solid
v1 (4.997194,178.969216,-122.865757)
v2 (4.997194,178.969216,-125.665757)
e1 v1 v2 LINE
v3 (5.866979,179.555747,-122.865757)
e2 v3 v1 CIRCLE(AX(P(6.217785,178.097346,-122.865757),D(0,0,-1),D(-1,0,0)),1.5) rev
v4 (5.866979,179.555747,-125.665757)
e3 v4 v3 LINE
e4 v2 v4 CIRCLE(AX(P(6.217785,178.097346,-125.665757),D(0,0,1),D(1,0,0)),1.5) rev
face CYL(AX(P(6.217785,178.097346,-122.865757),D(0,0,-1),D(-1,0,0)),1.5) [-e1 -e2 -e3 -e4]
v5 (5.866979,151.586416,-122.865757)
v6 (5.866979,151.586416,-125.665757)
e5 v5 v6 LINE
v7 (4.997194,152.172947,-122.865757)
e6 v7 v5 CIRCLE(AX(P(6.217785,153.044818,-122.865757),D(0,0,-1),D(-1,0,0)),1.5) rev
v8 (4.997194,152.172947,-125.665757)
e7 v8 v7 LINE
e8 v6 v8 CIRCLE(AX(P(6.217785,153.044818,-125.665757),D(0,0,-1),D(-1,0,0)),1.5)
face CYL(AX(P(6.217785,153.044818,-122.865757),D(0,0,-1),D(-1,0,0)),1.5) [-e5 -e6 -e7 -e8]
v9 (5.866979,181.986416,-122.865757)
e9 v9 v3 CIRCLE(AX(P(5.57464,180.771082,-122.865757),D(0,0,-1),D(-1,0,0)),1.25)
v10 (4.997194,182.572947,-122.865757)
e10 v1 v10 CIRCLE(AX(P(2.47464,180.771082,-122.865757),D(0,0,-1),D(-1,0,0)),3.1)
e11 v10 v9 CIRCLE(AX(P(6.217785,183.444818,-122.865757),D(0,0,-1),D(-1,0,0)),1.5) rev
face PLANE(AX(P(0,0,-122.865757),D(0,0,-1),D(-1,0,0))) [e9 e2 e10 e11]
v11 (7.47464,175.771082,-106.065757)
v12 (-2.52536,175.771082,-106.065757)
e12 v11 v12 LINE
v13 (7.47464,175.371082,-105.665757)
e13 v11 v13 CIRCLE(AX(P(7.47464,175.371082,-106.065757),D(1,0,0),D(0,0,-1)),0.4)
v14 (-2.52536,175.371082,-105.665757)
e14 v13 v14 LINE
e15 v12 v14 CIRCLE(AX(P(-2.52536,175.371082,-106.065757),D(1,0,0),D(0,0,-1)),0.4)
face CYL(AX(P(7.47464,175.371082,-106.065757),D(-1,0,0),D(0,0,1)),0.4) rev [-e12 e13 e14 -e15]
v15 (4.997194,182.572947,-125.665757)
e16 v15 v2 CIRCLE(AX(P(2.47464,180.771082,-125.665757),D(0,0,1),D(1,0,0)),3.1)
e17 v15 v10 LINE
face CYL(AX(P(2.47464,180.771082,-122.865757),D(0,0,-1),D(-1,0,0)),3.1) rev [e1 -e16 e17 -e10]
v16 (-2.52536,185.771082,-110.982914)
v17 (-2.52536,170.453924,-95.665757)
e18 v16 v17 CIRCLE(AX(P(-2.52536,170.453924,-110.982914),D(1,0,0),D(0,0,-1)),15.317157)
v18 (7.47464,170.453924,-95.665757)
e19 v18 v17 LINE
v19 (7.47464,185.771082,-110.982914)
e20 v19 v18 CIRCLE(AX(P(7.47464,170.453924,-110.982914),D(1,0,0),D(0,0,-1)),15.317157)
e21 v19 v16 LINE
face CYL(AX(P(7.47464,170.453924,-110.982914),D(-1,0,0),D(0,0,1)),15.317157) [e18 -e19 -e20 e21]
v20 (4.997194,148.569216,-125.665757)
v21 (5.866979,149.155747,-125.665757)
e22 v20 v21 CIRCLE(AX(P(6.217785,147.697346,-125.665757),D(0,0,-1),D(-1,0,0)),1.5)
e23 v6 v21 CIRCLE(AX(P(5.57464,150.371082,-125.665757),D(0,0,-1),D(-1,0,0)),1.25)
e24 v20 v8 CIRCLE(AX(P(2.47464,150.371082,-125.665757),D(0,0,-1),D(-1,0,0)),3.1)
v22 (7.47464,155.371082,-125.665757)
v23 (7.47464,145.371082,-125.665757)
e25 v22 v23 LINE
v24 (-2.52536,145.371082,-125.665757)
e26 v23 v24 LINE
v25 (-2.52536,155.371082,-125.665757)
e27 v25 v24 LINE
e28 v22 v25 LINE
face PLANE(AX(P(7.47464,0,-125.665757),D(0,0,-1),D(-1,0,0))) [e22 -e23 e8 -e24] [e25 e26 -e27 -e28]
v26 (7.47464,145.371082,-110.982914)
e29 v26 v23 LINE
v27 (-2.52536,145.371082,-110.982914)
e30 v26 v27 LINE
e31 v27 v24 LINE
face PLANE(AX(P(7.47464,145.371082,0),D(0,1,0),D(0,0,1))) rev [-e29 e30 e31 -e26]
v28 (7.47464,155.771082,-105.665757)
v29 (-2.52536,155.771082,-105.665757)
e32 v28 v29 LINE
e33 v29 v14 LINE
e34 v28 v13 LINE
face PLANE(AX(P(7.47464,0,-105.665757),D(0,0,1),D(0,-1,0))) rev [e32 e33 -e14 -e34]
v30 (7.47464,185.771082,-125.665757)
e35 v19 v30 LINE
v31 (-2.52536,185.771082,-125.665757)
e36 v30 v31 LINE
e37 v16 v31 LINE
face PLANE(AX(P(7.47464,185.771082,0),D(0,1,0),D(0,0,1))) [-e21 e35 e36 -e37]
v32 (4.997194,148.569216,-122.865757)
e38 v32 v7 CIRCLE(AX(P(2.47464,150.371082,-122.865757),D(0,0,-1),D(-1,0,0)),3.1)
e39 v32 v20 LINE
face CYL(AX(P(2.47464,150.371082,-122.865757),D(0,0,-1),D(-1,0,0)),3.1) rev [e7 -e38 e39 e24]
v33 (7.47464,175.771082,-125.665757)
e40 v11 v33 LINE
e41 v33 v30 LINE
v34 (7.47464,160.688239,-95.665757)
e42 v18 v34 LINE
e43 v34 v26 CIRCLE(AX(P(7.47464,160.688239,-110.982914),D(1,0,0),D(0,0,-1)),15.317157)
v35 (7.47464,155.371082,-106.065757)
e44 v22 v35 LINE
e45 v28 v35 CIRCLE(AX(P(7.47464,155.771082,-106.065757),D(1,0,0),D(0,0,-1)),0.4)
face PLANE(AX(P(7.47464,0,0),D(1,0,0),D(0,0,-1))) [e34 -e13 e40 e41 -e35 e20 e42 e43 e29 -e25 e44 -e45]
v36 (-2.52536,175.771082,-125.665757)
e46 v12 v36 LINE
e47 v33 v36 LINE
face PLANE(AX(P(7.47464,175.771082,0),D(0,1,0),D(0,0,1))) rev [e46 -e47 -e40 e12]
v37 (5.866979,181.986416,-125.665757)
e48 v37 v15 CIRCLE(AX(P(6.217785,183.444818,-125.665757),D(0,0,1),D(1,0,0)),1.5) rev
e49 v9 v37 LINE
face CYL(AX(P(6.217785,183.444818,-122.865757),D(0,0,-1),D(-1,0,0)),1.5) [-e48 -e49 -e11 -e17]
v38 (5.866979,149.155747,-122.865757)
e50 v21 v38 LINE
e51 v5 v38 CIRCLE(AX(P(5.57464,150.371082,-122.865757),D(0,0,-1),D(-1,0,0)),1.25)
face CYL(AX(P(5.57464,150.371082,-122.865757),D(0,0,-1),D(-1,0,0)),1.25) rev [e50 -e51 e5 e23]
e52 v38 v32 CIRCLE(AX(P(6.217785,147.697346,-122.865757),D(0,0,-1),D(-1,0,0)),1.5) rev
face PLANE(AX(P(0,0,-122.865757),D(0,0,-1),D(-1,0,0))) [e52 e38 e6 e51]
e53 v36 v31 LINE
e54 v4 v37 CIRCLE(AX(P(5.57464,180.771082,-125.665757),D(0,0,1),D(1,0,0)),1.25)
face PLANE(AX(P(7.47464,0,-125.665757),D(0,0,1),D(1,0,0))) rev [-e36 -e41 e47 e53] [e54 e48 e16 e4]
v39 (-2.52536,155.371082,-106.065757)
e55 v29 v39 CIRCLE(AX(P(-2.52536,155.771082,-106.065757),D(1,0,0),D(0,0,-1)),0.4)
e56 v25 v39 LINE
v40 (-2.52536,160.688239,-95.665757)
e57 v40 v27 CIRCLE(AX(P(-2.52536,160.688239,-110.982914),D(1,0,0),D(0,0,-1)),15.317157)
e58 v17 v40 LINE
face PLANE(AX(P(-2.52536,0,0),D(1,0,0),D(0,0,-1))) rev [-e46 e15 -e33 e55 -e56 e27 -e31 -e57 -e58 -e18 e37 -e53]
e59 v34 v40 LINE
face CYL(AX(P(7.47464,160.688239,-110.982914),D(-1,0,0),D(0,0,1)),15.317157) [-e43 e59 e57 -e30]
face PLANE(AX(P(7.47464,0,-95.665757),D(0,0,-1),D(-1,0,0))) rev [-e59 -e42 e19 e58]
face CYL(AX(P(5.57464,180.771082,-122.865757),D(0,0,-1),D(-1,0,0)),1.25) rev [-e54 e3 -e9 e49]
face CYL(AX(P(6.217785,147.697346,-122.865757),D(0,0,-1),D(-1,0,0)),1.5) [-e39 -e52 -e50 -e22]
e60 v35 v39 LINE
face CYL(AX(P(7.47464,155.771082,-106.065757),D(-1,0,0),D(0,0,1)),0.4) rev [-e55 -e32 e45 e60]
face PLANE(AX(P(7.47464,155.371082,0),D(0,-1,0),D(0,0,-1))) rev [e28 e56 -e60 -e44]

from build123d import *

# Parameters (mm, degrees)
SALIENTE_EXTRUIR1_DEPTH = 10
CORTAR_EXTRUIR1_DEPTH   = 4
REDONDEO2_R             = 1.5


with BuildPart() as part:
    # Croquis2 → Saliente-Extruir1 (new body)
    with BuildSketch(Plane(origin=(-2.525360123, 2.123276243, -2.466894012), x_dir=(0, 0, -1), z_dir=(1, 0, 0))):
        with BuildLine():
            Line((103.598862982, 173.647805519), (108.516020269, 173.647805519))
            Line((108.516020269, 173.647805519), (118.281705694, 173.647805519))
            Line((118.281705694, 173.647805519), (123.198862982, 173.647805519))
            Line((123.198862982, 173.647805519), (123.198862982, 183.647805519))
            Line((123.198862982, 183.647805519), (118.281705694, 183.647805519))
            Line((118.281705694, 183.647805519), (108.516020269, 183.647805519))
            ThreePointArc((108.516020269, 183.647805519), (97.685154483, 179.161514018), (93.198862982, 168.330648231))
            Line((93.198862982, 168.330648231), (93.198862982, 158.564962806))
            ThreePointArc((93.198862982, 158.564962806), (97.685154483, 147.73409702), (108.516020269, 143.247805519))
            Line((108.516020269, 143.247805519), (118.281705694, 143.247805519))
            Line((118.281705694, 143.247805519), (123.198862982, 143.247805519))
            Line((123.198862982, 143.247805519), (123.198862982, 153.247805519))
            Line((123.198862982, 153.247805519), (118.281705694, 153.247805519))
            Line((118.281705694, 153.247805519), (108.516020269, 153.247805519))
            Line((108.516020269, 153.247805519), (103.598862982, 153.247805519))
            ThreePointArc((103.598862982, 153.247805519), (103.316020269, 153.364962806), (103.198862982, 153.647805519))
            Line((103.198862982, 153.647805519), (103.198862982, 158.564962806))
            Line((103.198862982, 158.564962806), (103.198862982, 168.330648231))
            Line((103.198862982, 168.330648231), (103.198862982, 173.247805519))
            ThreePointArc((103.198862982, 173.247805519), (103.316020269, 173.530648231), (103.598862982, 173.647805519))
        make_face()
    extrude(amount=SALIENTE_EXTRUIR1_DEPTH)

    # Croquis3 → Cortar-Extruir1 (cut)
    with BuildSketch(Plane(origin=(0, 0, -126.865756994), x_dir=(-1, 0, 0), z_dir=(0, 0, -1))):
        with BuildLine():
            ThreePointArc((-5.322623748, 181.995413363), (-6.824639877, 180.771081761), (-5.322623748, 179.54675016))
            ThreePointArc((-5.322623748, 179.54675016), (0.625360123, 180.771081761), (-5.322623748, 181.995413363))
        make_face()
        with BuildLine():
            ThreePointArc((-5.322623748, 151.595413363), (-6.824639877, 150.371081761), (-5.322623748, 149.14675016))
            ThreePointArc((-5.322623748, 149.14675016), (0.625360123, 150.371081761), (-5.322623748, 151.595413363))
        make_face()
    extrude(amount=-CORTAR_EXTRUIR1_DEPTH, mode=Mode.SUBTRACT)

    # Redondeo2
    redondeo2_edges = [part.edges().sort_by_distance(p)[0] for p in [
        (5.322623748, 181.995413363, -124.265756994),
        (5.322623748, 179.54675016, -124.265756994),
        (5.322623748, 151.595413363, -124.265756994),
        (5.322623748, 149.14675016, -124.265756994),
    ]]
    fillet(redondeo2_edges, radius=REDONDEO2_R)


solid = part.part
